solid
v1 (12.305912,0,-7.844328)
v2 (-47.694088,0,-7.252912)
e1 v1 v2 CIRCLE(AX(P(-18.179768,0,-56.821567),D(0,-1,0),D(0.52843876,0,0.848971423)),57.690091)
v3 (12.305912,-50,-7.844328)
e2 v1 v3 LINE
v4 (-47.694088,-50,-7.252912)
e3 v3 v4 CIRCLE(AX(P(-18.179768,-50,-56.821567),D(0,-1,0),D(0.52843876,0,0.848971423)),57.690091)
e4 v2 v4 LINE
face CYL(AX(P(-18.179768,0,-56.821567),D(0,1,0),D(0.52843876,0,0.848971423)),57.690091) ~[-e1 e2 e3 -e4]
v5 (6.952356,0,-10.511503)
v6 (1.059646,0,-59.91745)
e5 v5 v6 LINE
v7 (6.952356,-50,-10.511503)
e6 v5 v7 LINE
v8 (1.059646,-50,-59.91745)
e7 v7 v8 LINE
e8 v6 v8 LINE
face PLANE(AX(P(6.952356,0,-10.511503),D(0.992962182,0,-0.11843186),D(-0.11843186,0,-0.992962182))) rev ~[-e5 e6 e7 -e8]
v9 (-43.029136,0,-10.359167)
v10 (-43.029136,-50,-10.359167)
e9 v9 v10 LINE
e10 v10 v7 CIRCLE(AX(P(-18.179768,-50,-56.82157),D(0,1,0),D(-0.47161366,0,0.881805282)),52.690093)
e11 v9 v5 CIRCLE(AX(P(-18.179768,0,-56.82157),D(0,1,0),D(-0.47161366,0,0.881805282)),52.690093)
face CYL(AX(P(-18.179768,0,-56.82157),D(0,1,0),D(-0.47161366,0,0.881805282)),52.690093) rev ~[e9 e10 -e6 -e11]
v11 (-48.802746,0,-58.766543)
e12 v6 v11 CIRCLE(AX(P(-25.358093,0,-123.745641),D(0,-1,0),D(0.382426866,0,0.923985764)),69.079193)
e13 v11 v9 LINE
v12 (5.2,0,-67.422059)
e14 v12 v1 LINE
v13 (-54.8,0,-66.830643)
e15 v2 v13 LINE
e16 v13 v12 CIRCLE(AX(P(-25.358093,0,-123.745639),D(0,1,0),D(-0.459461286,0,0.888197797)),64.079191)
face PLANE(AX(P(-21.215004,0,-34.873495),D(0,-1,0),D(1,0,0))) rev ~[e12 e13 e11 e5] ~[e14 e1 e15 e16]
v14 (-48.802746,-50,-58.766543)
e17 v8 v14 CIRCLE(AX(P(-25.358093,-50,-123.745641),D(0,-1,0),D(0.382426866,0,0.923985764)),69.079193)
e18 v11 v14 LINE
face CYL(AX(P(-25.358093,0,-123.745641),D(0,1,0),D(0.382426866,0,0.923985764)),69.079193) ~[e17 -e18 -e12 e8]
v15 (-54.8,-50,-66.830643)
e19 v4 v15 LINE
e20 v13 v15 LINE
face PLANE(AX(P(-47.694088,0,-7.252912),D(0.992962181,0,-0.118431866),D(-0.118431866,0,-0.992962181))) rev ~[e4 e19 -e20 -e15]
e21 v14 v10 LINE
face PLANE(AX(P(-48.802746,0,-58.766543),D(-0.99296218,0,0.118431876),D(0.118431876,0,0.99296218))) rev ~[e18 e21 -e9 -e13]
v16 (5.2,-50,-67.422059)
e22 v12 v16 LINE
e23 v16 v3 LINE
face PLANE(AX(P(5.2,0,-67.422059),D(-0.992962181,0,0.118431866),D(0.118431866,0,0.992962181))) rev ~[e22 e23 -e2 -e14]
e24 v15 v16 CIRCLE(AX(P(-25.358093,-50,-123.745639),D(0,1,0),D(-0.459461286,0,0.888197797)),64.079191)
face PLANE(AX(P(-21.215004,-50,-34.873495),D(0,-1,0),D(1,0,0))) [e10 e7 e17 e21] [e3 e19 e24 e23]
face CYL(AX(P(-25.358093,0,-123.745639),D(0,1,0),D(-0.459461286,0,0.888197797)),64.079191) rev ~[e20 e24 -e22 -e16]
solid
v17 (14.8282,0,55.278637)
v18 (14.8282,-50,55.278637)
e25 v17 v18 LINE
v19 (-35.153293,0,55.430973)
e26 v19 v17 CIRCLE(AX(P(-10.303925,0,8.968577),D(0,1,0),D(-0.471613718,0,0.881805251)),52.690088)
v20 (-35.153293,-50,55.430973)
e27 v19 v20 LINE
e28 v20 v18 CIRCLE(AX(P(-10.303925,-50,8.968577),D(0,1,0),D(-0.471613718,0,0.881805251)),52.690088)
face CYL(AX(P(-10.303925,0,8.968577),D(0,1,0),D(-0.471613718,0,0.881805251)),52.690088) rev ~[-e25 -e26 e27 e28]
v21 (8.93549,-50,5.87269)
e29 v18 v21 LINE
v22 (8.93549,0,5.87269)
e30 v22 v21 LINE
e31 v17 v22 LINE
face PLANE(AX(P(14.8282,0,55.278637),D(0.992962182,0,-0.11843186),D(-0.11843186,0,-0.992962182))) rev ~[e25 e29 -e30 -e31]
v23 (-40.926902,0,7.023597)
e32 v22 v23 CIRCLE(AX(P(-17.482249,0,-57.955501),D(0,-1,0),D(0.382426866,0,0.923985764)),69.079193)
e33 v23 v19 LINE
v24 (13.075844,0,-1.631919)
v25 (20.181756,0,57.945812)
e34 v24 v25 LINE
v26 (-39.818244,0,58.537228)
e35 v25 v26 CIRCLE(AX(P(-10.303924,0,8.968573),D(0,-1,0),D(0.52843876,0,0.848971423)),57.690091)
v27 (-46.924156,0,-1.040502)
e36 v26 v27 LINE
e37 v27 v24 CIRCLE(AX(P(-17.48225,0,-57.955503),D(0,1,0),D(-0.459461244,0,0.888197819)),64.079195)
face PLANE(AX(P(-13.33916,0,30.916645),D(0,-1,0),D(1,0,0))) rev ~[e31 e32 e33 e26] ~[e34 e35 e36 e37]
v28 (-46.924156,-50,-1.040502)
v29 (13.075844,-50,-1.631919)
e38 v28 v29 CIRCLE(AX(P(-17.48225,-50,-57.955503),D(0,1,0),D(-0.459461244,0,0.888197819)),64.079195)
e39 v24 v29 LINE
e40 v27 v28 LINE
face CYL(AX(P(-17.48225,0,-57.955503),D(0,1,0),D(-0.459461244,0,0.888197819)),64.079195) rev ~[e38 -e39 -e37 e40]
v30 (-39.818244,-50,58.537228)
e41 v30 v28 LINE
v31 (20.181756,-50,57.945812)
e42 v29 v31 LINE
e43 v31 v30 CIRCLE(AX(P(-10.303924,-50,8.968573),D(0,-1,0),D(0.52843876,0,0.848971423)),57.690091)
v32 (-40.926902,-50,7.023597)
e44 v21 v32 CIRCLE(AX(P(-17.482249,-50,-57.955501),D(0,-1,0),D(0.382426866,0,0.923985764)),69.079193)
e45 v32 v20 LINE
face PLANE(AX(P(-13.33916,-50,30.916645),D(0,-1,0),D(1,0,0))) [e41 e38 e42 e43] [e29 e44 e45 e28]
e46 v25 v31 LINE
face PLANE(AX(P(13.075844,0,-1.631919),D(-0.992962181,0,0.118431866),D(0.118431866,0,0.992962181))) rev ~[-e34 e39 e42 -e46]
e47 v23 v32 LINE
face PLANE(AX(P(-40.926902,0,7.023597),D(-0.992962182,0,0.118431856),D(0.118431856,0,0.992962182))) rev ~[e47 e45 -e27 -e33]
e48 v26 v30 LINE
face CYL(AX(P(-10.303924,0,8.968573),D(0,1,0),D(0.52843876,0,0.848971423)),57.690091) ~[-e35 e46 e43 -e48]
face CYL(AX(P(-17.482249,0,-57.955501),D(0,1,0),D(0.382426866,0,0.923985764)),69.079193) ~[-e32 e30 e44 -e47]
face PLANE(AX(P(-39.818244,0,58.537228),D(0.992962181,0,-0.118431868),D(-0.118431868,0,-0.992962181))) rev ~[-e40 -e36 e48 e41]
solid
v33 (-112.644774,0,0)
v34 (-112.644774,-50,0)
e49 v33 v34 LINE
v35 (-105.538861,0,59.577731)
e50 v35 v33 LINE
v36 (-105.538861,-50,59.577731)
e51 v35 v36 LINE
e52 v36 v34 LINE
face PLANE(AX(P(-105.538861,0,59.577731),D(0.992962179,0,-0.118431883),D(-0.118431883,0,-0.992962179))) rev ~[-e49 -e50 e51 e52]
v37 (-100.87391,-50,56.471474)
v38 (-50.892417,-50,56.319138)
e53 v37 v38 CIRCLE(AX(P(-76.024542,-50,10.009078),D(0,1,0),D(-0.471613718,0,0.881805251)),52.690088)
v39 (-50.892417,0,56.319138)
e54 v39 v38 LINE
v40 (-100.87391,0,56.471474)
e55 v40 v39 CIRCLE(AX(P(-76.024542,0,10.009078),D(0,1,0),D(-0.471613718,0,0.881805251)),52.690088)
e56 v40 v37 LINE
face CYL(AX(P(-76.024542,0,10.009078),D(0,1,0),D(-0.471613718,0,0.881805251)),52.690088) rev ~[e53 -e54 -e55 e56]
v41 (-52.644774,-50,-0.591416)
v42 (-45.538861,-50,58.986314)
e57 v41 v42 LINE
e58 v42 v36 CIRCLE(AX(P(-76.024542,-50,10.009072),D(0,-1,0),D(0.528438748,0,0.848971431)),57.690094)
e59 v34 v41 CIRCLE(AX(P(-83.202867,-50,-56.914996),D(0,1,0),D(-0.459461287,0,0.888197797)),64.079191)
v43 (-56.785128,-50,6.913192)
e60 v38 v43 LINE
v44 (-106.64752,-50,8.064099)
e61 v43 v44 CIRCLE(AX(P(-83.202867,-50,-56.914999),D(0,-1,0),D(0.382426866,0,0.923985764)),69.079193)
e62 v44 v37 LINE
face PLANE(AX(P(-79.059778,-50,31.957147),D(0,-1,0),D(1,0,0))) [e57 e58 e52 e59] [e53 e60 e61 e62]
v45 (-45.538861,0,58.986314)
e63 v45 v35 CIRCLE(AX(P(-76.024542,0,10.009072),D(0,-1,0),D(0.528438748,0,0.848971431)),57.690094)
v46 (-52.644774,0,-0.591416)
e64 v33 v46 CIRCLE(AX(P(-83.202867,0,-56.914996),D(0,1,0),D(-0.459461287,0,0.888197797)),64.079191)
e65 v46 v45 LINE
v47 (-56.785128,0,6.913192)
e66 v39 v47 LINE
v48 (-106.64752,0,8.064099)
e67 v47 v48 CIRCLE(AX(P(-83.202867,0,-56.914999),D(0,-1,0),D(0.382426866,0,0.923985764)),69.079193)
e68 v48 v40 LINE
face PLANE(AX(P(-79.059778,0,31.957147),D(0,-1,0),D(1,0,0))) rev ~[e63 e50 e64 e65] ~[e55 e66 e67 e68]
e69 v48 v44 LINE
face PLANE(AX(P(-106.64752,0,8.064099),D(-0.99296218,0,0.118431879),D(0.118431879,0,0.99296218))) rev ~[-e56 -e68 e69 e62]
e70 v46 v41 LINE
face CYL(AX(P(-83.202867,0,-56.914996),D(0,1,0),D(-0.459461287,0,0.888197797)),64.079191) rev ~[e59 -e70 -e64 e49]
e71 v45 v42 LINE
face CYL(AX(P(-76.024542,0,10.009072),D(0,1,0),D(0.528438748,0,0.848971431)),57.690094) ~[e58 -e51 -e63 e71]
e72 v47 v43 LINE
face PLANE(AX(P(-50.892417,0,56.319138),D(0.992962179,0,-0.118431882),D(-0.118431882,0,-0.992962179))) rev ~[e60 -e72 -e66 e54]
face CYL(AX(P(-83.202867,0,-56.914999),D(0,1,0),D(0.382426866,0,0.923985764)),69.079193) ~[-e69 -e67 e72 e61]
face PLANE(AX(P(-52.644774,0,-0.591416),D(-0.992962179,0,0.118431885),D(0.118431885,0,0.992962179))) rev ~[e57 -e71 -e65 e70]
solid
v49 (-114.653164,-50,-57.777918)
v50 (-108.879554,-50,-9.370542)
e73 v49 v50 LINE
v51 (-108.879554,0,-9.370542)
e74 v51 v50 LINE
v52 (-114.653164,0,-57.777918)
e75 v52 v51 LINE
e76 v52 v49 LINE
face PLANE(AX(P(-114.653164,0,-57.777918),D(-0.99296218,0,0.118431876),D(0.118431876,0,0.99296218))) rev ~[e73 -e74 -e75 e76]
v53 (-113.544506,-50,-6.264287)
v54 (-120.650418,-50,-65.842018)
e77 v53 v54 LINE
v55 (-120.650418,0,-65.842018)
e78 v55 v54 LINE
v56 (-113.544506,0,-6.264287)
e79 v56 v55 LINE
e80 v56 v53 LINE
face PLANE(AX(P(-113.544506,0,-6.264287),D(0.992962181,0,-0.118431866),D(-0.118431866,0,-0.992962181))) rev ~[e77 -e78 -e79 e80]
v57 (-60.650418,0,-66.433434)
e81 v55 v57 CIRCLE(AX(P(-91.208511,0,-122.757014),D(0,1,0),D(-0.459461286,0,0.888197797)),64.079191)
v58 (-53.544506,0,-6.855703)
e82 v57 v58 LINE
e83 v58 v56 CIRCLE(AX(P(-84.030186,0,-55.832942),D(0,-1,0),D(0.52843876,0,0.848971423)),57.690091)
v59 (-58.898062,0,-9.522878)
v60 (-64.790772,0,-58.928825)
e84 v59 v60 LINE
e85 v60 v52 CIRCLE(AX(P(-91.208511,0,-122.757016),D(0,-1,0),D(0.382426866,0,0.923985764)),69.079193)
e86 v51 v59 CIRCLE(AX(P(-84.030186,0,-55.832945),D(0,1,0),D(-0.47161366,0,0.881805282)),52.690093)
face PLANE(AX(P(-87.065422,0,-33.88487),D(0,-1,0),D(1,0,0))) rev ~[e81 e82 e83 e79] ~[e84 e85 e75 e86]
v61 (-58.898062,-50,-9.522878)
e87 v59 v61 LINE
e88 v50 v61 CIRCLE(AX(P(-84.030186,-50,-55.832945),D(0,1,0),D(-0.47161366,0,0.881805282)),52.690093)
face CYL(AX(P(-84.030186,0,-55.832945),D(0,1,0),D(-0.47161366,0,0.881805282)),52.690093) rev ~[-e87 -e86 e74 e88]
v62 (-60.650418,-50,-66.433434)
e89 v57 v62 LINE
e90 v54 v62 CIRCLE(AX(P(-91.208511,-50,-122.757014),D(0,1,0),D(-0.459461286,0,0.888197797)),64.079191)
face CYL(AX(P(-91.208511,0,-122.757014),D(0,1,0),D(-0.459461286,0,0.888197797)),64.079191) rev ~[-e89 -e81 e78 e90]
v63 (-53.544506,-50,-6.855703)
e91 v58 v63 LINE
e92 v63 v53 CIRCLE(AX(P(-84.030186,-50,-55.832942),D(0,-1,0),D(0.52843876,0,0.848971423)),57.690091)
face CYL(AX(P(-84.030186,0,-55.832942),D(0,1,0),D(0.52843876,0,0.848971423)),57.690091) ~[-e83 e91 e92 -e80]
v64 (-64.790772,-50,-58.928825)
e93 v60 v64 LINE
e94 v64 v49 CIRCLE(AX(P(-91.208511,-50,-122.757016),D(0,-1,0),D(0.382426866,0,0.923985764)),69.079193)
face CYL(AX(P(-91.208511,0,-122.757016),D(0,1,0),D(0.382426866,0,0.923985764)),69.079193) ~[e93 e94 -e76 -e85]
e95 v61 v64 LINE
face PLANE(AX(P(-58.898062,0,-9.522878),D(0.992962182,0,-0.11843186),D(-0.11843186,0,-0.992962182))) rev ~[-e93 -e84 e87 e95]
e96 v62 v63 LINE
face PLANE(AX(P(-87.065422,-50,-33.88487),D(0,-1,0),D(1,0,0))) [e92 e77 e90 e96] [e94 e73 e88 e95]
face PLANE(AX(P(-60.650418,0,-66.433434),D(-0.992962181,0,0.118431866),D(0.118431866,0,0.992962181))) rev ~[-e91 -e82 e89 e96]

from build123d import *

# Parameters (mm, degrees)
F1_DEPTH = 50


with BuildPart() as f1:
    # F0 (on Front) → F1 (new body)
    with BuildSketch(Plane.XZ):
        with BuildLine():
            Line((-105.538861, 59.577731), (-112.644774, 0))
            ThreePointArc((-112.644774, 0), (-82.571272, 7.161082), (-52.644774, -0.591416))
            Line((-52.644774, -0.591416), (-45.538861, 58.986314))
            ThreePointArc((-45.538861, 58.986314), (-75.455922, 67.696364), (-105.538861, 59.577731))
        make_face()
        with BuildLine():
            ThreePointArc((-100.87391, 56.471474), (-75.863951, 62.698921), (-50.892417, 56.319138))
            Line((-50.892417, 56.319138), (-56.785128, 6.913192))
            ThreePointArc((-56.785128, 6.913192), (-81.608829, 12.1458), (-106.64752, 8.064099))
            Line((-106.64752, 8.064099), (-100.87391, 56.471474))
        make_face(mode=Mode.SUBTRACT)
        with BuildLine():
            Line((-39.818244, 58.537228), (-46.924156, -1.040502))
            ThreePointArc((-46.924156, -1.040502), (-16.850655, 6.120579), (13.075844, -1.631919))
            Line((13.075844, -1.631919), (20.181756, 57.945812))
            ThreePointArc((20.181756, 57.945812), (-9.735304, 66.655862), (-39.818244, 58.537228))
        make_face()
        with BuildLine():
            ThreePointArc((-35.153293, 55.430973), (-10.143334, 61.65842), (14.8282, 55.278637))
            Line((14.8282, 55.278637), (8.93549, 5.87269))
            ThreePointArc((8.93549, 5.87269), (-15.888211, 11.105298), (-40.926902, 7.023597))
            Line((-40.926902, 7.023597), (-35.153293, 55.430973))
        make_face(mode=Mode.SUBTRACT)
        with BuildLine():
            Line((-47.694088, -7.252912), (-54.8, -66.830643))
            ThreePointArc((-54.8, -66.830643), (-24.726499, -59.669561), (5.2, -67.422059))
            Line((5.2, -67.422059), (12.305912, -7.844328))
            ThreePointArc((12.305912, -7.844328), (-17.611148, 0.865722), (-47.694088, -7.252912))
        make_face()
        with BuildLine():
            ThreePointArc((-43.029136, -10.359167), (-18.019178, -4.131721), (6.952356, -10.511503))
            Line((6.952356, -10.511503), (1.059646, -59.91745))
            ThreePointArc((1.059646, -59.91745), (-23.764055, -54.684842), (-48.802746, -58.766543))
            Line((-48.802746, -58.766543), (-43.029136, -10.359167))
        make_face(mode=Mode.SUBTRACT)
        with BuildLine():
            Line((-113.544506, -6.264287), (-120.650418, -65.842018))
            ThreePointArc((-120.650418, -65.842018), (-90.576917, -58.680936), (-60.650418, -66.433434))
            Line((-60.650418, -66.433434), (-53.544506, -6.855703))
            ThreePointArc((-53.544506, -6.855703), (-83.461566, 1.854347), (-113.544506, -6.264287))
        make_face()
        with BuildLine():
            ThreePointArc((-108.879554, -9.370542), (-83.869596, -3.143096), (-58.898062, -9.522878))
            Line((-58.898062, -9.522878), (-64.790772, -58.928825))
            ThreePointArc((-64.790772, -58.928825), (-89.614473, -53.696217), (-114.653164, -57.777918))
            Line((-114.653164, -57.777918), (-108.879554, -9.370542))
        make_face(mode=Mode.SUBTRACT)
    extrude(amount=F1_DEPTH)


solid = f1.part
